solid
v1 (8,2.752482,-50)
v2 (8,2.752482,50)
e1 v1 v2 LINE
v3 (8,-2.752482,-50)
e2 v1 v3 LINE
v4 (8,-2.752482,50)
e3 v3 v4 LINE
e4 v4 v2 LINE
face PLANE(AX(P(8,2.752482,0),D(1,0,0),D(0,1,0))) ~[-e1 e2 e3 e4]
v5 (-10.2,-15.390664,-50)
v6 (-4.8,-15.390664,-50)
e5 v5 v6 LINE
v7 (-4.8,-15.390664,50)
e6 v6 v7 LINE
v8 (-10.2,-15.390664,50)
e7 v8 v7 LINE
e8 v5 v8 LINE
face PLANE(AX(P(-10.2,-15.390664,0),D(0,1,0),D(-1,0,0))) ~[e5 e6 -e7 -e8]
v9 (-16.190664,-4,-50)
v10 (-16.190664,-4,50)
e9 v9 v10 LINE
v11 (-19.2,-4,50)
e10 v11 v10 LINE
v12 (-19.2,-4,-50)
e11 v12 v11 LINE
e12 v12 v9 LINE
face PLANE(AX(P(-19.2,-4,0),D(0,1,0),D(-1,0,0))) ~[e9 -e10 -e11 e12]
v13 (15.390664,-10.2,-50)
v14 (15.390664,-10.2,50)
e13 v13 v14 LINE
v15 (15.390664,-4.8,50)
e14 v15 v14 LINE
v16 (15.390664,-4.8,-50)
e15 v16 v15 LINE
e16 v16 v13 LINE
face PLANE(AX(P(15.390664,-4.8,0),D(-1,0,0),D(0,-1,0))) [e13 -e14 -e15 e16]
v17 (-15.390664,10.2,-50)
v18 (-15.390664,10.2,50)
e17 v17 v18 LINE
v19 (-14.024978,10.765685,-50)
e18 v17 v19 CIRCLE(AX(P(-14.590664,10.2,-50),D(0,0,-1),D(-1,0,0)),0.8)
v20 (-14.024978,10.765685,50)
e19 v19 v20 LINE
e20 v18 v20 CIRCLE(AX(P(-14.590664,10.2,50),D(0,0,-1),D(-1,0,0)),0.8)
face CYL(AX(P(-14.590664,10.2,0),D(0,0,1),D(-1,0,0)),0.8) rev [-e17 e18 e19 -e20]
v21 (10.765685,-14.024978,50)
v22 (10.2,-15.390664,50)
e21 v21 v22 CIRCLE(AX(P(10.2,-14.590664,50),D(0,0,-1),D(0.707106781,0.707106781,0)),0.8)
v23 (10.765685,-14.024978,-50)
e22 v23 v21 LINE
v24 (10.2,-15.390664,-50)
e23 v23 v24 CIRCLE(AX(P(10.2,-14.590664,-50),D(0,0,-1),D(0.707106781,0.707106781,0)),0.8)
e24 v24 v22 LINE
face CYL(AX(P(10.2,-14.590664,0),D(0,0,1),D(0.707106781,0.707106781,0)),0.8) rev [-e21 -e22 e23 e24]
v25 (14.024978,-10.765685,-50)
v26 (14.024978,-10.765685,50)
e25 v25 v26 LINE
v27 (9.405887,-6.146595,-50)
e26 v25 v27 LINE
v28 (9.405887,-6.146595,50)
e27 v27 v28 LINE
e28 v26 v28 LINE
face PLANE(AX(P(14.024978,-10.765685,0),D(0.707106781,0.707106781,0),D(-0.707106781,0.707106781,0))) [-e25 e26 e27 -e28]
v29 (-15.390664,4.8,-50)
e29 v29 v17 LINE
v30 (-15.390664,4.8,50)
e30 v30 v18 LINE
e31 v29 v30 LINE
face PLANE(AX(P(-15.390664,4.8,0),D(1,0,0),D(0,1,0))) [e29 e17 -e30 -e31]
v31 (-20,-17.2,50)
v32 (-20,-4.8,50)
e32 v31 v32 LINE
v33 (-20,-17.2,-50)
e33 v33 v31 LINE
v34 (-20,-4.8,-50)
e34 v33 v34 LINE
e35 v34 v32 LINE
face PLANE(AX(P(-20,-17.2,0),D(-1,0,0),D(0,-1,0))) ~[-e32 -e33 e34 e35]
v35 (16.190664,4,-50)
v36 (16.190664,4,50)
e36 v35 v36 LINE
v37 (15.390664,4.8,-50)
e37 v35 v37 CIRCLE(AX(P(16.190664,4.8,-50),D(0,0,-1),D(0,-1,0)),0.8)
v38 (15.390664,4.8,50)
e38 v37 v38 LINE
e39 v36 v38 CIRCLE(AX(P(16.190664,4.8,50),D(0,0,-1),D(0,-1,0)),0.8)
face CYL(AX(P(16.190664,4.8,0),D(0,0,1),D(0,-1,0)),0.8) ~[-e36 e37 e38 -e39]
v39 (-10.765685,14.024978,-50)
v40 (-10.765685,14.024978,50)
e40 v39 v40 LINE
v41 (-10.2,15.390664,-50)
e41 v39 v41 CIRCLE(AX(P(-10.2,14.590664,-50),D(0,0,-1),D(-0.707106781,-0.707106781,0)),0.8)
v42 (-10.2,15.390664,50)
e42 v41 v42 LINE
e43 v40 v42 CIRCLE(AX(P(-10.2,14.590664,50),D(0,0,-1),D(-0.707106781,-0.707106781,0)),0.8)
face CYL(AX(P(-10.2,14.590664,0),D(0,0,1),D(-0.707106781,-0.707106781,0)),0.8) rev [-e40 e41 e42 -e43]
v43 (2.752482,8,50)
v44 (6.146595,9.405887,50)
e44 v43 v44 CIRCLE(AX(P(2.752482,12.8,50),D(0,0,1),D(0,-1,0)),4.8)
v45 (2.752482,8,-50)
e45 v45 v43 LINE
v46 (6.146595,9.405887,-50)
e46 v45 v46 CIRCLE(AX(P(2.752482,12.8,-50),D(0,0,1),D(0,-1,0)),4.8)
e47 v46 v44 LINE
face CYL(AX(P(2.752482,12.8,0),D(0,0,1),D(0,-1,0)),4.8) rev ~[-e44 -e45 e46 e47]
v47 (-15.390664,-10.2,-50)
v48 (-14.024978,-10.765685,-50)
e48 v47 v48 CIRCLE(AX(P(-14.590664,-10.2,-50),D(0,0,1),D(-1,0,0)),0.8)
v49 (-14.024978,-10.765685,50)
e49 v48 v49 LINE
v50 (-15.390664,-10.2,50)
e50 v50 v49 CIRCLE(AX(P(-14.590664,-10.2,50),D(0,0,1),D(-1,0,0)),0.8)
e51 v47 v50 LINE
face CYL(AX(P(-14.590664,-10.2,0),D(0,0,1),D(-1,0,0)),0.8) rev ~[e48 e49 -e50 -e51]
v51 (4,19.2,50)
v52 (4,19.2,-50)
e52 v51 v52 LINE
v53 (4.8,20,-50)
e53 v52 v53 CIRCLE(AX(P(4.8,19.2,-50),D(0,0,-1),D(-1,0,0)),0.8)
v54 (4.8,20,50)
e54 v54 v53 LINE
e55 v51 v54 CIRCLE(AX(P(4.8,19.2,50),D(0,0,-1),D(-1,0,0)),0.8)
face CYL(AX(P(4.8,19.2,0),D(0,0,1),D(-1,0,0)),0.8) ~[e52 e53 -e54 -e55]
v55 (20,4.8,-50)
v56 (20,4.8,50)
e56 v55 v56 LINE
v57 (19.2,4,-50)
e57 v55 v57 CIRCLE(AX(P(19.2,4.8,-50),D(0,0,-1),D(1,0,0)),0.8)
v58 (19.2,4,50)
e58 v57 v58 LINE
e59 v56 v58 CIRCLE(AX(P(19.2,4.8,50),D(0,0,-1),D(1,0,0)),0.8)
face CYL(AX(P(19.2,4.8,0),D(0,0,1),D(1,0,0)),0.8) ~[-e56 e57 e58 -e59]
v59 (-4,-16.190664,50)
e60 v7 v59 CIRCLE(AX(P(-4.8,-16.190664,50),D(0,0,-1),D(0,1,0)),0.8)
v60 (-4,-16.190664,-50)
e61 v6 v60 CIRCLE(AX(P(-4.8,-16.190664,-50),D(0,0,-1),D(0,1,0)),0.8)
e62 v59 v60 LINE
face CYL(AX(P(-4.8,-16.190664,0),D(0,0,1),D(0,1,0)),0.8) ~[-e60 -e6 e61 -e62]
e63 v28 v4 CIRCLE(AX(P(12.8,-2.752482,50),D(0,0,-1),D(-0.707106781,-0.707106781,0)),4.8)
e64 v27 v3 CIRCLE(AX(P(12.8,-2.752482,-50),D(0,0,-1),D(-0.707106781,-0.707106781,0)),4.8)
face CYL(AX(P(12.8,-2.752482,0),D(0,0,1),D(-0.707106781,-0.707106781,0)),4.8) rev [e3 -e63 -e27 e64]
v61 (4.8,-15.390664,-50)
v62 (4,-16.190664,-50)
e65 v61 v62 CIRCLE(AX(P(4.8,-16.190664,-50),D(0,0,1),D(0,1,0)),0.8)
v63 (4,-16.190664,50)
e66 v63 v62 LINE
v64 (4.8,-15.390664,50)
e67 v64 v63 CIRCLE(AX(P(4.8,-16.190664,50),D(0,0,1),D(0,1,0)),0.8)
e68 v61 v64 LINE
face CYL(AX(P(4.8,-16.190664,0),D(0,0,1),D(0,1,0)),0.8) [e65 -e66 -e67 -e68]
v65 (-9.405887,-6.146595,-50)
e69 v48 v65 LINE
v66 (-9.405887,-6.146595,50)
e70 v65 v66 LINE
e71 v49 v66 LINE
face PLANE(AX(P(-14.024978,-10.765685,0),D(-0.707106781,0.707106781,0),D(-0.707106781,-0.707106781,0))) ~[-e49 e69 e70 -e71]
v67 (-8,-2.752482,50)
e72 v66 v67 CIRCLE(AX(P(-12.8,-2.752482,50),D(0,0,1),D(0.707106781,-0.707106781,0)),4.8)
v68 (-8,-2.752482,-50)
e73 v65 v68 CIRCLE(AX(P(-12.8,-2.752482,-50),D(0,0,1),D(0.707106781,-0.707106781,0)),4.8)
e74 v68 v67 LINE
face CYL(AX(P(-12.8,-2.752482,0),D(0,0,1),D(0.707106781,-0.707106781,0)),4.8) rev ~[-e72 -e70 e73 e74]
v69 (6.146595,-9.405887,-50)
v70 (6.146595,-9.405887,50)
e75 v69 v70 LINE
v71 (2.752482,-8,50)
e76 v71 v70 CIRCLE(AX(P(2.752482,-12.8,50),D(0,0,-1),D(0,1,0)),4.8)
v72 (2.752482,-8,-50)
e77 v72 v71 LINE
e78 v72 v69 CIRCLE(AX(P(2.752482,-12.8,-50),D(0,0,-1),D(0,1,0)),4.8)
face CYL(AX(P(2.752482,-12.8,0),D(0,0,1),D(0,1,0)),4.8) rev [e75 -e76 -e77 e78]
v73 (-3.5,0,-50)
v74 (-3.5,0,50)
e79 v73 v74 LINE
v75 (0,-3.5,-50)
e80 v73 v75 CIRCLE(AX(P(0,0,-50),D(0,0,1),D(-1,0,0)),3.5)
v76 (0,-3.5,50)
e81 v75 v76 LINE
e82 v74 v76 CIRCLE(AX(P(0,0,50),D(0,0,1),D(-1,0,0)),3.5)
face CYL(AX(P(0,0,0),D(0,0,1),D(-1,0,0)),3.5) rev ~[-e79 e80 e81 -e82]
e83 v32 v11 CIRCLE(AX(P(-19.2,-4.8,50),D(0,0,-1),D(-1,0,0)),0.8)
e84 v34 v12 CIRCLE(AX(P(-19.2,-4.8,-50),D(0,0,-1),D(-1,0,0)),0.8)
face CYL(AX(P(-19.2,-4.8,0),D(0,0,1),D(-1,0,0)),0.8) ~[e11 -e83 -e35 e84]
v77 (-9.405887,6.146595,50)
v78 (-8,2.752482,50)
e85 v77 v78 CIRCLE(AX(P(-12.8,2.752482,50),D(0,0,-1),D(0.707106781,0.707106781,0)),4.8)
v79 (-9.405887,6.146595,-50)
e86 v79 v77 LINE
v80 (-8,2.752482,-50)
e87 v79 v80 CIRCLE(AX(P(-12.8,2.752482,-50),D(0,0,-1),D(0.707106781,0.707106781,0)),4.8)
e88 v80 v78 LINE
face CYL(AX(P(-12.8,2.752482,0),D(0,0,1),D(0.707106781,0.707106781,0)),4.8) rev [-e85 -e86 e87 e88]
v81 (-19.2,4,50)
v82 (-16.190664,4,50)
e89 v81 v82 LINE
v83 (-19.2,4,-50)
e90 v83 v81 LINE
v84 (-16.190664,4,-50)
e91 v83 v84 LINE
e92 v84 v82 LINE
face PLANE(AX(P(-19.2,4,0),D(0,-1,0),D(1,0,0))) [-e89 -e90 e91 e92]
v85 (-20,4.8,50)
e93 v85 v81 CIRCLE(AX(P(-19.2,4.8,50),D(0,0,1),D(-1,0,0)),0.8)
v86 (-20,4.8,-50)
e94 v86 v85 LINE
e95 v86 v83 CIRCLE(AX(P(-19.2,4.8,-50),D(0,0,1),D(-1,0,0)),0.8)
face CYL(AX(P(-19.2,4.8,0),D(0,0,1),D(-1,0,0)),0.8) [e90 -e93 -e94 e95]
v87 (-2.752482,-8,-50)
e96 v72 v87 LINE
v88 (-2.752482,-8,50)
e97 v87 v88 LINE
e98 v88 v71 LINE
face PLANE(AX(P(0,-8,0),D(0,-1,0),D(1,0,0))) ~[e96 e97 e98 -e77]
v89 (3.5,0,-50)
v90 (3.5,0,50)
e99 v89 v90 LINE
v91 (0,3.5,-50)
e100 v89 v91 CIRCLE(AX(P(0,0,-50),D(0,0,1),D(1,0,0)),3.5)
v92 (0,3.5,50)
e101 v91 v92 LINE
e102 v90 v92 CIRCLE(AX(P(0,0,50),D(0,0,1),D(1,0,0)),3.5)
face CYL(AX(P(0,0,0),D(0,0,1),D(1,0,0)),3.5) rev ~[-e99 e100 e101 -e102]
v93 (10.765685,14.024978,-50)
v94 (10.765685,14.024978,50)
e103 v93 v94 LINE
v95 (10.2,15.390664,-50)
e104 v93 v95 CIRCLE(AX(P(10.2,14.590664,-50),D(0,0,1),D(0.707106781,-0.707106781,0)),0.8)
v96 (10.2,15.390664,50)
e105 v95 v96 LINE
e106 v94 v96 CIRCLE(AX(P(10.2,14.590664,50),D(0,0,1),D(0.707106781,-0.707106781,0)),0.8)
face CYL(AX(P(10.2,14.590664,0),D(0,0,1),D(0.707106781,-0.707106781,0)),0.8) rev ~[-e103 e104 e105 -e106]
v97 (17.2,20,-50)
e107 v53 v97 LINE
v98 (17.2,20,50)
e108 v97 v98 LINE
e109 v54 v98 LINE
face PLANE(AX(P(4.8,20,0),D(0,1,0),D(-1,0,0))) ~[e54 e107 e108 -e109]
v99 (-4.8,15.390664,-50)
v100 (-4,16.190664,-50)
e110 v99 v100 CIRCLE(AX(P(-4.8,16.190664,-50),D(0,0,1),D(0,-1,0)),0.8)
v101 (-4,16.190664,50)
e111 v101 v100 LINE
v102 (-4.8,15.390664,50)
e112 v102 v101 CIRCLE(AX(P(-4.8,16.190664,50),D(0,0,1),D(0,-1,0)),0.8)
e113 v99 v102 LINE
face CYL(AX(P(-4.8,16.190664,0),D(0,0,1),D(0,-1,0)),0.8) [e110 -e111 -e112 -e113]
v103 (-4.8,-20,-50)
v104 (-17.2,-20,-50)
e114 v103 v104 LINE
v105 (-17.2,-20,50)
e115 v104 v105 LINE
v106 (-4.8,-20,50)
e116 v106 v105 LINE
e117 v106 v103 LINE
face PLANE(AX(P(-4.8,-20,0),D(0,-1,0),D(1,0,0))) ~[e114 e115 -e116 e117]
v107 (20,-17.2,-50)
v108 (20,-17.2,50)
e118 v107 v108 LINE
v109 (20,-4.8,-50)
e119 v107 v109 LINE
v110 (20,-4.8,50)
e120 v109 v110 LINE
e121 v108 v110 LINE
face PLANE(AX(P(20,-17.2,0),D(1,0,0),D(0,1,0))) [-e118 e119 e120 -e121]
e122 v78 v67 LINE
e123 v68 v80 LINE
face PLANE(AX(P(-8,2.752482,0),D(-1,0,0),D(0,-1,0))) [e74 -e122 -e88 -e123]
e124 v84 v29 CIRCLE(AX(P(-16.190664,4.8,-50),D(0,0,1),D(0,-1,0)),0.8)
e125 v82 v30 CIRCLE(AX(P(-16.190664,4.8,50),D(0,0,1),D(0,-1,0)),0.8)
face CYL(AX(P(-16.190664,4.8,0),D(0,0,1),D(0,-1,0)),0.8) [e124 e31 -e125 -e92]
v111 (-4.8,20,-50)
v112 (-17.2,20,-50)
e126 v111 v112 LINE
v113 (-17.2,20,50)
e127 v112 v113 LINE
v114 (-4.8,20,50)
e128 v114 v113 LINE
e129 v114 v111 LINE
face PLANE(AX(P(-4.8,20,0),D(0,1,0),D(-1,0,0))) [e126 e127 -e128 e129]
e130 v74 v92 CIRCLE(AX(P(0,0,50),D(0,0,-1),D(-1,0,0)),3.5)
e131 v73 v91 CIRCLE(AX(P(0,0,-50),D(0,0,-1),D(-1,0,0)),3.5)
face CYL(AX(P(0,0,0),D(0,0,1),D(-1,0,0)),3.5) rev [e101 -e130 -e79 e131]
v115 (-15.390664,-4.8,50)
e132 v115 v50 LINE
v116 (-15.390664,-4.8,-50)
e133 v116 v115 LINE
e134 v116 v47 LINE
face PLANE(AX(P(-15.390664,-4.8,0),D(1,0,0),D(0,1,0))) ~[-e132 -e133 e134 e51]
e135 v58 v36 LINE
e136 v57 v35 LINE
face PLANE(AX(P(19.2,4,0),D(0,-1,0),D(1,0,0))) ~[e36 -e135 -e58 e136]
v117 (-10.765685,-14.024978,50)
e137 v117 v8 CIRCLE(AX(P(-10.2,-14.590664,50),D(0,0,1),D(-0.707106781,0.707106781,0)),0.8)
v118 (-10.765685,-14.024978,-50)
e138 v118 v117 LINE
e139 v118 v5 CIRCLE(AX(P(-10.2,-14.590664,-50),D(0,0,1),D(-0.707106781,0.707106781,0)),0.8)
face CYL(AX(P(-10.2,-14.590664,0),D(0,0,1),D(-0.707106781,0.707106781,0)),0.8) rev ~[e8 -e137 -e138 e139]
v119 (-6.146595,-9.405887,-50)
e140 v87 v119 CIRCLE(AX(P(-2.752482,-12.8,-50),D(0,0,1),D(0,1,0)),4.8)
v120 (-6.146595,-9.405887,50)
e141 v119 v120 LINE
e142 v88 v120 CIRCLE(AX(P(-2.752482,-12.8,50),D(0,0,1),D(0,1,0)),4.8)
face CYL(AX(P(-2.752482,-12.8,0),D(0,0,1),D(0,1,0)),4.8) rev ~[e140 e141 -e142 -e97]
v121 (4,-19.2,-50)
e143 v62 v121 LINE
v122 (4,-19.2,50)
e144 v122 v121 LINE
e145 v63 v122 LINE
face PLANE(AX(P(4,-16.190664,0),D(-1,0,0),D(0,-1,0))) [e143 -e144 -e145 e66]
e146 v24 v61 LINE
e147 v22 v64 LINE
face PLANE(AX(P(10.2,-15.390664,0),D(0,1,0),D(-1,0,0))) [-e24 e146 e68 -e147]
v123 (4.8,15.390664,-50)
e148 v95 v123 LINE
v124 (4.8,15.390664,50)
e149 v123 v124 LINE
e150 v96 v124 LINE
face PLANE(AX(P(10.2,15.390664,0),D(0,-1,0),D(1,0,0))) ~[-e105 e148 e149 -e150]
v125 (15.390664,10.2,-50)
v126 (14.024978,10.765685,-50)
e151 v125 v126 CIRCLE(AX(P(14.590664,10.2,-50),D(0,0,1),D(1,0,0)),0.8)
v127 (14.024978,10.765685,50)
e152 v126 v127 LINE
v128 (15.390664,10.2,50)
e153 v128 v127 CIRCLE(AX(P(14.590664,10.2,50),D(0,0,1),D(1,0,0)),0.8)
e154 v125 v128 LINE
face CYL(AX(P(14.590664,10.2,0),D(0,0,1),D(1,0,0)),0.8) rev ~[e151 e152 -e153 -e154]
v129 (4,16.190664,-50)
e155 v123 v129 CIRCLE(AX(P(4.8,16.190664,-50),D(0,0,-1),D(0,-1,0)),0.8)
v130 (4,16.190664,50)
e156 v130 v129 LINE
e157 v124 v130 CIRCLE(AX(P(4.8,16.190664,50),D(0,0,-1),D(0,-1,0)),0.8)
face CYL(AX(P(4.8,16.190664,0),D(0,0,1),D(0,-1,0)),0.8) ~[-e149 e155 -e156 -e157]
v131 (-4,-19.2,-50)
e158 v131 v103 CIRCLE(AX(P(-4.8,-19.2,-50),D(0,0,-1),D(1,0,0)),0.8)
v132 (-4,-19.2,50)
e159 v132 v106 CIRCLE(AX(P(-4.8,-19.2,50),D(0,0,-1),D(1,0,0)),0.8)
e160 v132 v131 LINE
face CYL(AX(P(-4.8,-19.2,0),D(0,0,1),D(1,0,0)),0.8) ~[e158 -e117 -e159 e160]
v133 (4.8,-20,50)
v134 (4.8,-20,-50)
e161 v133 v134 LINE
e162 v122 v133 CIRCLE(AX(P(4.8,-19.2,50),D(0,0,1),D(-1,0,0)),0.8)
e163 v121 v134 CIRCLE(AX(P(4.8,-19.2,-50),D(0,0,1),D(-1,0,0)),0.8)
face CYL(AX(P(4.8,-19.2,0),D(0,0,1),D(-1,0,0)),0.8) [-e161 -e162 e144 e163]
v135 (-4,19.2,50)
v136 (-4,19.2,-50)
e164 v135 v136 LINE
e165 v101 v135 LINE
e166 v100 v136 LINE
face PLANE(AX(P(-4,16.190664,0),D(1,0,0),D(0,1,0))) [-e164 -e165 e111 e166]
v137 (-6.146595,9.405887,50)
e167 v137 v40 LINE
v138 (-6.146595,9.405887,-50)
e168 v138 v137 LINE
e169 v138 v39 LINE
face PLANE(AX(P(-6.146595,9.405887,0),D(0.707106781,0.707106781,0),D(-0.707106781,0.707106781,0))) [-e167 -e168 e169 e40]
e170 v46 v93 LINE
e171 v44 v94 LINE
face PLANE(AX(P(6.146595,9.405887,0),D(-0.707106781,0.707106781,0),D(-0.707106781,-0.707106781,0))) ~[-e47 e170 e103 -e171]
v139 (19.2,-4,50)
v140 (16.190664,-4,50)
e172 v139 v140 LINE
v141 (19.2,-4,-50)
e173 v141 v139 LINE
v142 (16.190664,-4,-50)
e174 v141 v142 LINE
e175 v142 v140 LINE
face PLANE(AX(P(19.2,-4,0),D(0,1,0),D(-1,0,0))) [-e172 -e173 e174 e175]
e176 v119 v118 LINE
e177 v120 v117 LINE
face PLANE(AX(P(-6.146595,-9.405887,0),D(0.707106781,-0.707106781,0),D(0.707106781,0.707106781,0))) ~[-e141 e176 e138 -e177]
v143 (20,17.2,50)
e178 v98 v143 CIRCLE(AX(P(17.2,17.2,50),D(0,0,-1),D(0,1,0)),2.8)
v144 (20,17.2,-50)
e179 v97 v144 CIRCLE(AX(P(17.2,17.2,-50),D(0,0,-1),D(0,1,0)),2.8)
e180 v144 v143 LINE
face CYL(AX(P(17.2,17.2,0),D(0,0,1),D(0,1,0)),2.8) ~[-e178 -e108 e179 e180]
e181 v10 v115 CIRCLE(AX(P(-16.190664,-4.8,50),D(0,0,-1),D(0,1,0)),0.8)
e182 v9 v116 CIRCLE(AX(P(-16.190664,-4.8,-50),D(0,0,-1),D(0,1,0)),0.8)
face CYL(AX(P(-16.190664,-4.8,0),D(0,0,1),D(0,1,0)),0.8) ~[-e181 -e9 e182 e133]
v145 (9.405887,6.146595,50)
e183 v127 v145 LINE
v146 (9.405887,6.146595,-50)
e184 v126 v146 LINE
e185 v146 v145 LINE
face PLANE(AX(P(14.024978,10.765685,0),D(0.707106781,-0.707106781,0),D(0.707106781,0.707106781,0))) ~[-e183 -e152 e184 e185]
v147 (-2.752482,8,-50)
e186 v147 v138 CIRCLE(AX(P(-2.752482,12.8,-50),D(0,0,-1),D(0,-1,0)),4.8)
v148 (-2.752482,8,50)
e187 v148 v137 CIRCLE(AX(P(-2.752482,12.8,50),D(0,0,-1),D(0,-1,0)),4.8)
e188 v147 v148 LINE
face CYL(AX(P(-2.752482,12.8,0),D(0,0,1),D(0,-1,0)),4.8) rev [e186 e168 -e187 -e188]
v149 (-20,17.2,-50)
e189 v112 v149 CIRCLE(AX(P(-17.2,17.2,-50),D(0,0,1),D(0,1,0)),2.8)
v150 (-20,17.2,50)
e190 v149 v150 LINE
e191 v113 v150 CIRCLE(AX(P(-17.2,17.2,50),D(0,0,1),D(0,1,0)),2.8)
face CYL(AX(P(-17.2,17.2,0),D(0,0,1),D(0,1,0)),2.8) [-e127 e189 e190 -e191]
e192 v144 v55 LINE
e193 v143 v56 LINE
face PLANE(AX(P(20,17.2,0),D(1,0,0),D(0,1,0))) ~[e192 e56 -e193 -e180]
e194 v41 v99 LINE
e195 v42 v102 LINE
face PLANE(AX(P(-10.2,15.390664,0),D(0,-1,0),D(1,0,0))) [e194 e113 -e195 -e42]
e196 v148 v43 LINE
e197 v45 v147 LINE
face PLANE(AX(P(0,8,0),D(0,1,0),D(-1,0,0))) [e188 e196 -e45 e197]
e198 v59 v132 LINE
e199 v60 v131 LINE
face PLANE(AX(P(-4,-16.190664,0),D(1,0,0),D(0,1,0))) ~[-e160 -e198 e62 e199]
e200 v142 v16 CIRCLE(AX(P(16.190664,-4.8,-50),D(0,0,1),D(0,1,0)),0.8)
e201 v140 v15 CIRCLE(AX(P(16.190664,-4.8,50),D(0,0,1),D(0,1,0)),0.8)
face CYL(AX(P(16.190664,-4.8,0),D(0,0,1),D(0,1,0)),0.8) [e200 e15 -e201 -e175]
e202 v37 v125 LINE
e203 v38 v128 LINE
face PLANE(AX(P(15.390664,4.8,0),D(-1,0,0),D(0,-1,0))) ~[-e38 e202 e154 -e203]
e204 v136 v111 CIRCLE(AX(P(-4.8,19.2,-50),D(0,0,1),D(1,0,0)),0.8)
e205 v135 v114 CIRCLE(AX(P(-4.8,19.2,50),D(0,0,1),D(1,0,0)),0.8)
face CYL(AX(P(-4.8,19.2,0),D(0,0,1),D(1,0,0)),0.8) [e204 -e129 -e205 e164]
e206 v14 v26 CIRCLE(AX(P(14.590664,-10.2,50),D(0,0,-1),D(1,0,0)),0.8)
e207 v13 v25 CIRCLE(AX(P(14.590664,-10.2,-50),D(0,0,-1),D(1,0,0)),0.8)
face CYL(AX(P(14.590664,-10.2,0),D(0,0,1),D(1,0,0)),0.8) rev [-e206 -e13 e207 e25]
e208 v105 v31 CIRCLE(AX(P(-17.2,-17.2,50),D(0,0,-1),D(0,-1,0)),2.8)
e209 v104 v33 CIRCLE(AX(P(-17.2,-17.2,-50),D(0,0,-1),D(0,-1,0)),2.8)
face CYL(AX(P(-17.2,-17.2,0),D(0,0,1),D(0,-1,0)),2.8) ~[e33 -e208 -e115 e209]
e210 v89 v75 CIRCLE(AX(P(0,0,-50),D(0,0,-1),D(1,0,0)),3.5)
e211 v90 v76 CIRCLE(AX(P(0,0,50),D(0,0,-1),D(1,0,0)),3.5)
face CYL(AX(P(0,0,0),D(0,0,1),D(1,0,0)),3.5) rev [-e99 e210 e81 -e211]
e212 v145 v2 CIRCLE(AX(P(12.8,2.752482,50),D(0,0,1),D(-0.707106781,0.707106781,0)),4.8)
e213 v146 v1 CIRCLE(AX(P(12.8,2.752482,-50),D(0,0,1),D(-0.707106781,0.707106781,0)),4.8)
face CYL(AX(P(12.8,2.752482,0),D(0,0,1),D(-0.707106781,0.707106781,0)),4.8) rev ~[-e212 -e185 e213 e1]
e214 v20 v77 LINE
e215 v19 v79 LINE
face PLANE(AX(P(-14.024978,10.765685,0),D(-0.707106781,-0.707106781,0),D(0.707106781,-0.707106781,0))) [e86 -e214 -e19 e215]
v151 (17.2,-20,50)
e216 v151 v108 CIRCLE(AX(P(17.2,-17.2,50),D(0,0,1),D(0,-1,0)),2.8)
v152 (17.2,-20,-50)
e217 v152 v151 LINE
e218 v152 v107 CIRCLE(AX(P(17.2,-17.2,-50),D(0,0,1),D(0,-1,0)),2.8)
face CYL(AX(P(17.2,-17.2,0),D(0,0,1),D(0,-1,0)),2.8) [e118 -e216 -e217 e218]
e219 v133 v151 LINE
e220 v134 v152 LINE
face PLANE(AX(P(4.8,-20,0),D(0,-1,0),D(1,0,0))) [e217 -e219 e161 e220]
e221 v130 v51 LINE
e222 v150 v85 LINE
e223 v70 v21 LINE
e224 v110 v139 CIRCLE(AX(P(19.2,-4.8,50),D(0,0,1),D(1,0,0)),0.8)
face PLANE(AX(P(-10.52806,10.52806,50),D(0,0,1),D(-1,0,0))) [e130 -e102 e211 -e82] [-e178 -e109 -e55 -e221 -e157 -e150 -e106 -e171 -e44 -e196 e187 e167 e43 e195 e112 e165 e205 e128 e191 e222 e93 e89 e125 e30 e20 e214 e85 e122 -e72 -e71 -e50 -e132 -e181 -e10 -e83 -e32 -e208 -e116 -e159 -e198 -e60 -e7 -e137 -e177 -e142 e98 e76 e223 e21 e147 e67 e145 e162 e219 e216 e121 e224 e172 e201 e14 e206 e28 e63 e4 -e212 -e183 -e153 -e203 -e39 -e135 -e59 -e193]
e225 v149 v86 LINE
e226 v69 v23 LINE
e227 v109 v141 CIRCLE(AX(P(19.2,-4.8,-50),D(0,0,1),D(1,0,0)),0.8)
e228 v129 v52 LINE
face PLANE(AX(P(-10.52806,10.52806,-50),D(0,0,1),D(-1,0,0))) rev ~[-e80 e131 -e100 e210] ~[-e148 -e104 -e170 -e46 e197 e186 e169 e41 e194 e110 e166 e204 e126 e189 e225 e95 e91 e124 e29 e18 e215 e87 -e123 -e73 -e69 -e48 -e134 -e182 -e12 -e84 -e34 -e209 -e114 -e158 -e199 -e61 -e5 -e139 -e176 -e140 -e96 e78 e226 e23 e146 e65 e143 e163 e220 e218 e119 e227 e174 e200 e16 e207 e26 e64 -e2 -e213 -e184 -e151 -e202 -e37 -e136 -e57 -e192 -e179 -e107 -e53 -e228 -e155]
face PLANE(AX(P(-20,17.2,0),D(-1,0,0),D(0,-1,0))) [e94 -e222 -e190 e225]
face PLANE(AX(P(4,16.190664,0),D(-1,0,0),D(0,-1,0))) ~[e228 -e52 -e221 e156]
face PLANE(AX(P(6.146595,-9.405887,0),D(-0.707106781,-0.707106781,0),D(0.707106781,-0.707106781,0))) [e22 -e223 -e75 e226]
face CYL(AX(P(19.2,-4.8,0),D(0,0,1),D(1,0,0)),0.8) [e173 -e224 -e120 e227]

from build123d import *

# Parameters (mm, degrees)
BOSS_EXTRUDE1_DEPTH = 50


with BuildPart() as part:
    # Sketch4 → Boss-Extrude1 (new body, symmetric)
    with BuildSketch(Plane.XY):
        with BuildLine():
            Line((4.8, -20), (17.2, -20))
            ThreePointArc((17.2, -20), (19.179898987, -19.179898987), (20, -17.2))
            Line((20, -17.2), (20, -4.8))
            ThreePointArc((20, -4.8), (19.765685425, -4.234314575), (19.2, -4))
            Line((19.2, -4), (16.190663761, -4))
            ThreePointArc((16.190663761, -4), (15.624978336, -4.234314575), (15.390663761, -4.8))
            Line((15.390663761, -4.8), (15.390663761, -10.2))
            ThreePointArc((15.390663761, -10.2), (14.896810507, -10.939103626), (14.024978336, -10.765685425))
            Line((14.024978336, -10.765685425), (9.40588745, -6.146594539))
            ThreePointArc((9.40588745, -6.146594539), (8.365378244, -4.589362465), (8, -2.752481989))
            Line((8, -2.752481989), (8, 0))
            Line((8, 0), (3.5, 0))
            ThreePointArc((3.5, 0), (2.474873734, -2.474873734), (0, -3.5))
            Line((0, -3.5), (0, -8))
            Line((0, -8), (2.752481989, -8))
            ThreePointArc((2.752481989, -8), (4.589362465, -8.365378244), (6.146594539, -9.40588745))
            Line((6.146594539, -9.40588745), (10.765685425, -14.024978336))
            ThreePointArc((10.765685425, -14.024978336), (10.939103626, -14.896810507), (10.2, -15.390663761))
            Line((10.2, -15.390663761), (4.8, -15.390663761))
            ThreePointArc((4.8, -15.390663761), (4.234314575, -15.624978336), (4, -16.190663761))
            Line((4, -16.190663761), (4, -19.2))
            ThreePointArc((4, -19.2), (4.234314575, -19.765685425), (4.8, -20))
        make_face()
    extrude(amount=BOSS_EXTRUDE1_DEPTH, both=True)

    # Mirror1: part across plane


with BuildPart() as part_1:
    add(part.part)
    add(part.part.mirror(Plane(origin=(0, 0, 0), x_dir=(0, 0, 1), z_dir=(1, 0, 0))))

    # Mirror2: part across plane


with BuildPart() as part_2:
    add(part_1.part)
    add(part_1.part.mirror(Plane.ZX))


solid = part_2.part
